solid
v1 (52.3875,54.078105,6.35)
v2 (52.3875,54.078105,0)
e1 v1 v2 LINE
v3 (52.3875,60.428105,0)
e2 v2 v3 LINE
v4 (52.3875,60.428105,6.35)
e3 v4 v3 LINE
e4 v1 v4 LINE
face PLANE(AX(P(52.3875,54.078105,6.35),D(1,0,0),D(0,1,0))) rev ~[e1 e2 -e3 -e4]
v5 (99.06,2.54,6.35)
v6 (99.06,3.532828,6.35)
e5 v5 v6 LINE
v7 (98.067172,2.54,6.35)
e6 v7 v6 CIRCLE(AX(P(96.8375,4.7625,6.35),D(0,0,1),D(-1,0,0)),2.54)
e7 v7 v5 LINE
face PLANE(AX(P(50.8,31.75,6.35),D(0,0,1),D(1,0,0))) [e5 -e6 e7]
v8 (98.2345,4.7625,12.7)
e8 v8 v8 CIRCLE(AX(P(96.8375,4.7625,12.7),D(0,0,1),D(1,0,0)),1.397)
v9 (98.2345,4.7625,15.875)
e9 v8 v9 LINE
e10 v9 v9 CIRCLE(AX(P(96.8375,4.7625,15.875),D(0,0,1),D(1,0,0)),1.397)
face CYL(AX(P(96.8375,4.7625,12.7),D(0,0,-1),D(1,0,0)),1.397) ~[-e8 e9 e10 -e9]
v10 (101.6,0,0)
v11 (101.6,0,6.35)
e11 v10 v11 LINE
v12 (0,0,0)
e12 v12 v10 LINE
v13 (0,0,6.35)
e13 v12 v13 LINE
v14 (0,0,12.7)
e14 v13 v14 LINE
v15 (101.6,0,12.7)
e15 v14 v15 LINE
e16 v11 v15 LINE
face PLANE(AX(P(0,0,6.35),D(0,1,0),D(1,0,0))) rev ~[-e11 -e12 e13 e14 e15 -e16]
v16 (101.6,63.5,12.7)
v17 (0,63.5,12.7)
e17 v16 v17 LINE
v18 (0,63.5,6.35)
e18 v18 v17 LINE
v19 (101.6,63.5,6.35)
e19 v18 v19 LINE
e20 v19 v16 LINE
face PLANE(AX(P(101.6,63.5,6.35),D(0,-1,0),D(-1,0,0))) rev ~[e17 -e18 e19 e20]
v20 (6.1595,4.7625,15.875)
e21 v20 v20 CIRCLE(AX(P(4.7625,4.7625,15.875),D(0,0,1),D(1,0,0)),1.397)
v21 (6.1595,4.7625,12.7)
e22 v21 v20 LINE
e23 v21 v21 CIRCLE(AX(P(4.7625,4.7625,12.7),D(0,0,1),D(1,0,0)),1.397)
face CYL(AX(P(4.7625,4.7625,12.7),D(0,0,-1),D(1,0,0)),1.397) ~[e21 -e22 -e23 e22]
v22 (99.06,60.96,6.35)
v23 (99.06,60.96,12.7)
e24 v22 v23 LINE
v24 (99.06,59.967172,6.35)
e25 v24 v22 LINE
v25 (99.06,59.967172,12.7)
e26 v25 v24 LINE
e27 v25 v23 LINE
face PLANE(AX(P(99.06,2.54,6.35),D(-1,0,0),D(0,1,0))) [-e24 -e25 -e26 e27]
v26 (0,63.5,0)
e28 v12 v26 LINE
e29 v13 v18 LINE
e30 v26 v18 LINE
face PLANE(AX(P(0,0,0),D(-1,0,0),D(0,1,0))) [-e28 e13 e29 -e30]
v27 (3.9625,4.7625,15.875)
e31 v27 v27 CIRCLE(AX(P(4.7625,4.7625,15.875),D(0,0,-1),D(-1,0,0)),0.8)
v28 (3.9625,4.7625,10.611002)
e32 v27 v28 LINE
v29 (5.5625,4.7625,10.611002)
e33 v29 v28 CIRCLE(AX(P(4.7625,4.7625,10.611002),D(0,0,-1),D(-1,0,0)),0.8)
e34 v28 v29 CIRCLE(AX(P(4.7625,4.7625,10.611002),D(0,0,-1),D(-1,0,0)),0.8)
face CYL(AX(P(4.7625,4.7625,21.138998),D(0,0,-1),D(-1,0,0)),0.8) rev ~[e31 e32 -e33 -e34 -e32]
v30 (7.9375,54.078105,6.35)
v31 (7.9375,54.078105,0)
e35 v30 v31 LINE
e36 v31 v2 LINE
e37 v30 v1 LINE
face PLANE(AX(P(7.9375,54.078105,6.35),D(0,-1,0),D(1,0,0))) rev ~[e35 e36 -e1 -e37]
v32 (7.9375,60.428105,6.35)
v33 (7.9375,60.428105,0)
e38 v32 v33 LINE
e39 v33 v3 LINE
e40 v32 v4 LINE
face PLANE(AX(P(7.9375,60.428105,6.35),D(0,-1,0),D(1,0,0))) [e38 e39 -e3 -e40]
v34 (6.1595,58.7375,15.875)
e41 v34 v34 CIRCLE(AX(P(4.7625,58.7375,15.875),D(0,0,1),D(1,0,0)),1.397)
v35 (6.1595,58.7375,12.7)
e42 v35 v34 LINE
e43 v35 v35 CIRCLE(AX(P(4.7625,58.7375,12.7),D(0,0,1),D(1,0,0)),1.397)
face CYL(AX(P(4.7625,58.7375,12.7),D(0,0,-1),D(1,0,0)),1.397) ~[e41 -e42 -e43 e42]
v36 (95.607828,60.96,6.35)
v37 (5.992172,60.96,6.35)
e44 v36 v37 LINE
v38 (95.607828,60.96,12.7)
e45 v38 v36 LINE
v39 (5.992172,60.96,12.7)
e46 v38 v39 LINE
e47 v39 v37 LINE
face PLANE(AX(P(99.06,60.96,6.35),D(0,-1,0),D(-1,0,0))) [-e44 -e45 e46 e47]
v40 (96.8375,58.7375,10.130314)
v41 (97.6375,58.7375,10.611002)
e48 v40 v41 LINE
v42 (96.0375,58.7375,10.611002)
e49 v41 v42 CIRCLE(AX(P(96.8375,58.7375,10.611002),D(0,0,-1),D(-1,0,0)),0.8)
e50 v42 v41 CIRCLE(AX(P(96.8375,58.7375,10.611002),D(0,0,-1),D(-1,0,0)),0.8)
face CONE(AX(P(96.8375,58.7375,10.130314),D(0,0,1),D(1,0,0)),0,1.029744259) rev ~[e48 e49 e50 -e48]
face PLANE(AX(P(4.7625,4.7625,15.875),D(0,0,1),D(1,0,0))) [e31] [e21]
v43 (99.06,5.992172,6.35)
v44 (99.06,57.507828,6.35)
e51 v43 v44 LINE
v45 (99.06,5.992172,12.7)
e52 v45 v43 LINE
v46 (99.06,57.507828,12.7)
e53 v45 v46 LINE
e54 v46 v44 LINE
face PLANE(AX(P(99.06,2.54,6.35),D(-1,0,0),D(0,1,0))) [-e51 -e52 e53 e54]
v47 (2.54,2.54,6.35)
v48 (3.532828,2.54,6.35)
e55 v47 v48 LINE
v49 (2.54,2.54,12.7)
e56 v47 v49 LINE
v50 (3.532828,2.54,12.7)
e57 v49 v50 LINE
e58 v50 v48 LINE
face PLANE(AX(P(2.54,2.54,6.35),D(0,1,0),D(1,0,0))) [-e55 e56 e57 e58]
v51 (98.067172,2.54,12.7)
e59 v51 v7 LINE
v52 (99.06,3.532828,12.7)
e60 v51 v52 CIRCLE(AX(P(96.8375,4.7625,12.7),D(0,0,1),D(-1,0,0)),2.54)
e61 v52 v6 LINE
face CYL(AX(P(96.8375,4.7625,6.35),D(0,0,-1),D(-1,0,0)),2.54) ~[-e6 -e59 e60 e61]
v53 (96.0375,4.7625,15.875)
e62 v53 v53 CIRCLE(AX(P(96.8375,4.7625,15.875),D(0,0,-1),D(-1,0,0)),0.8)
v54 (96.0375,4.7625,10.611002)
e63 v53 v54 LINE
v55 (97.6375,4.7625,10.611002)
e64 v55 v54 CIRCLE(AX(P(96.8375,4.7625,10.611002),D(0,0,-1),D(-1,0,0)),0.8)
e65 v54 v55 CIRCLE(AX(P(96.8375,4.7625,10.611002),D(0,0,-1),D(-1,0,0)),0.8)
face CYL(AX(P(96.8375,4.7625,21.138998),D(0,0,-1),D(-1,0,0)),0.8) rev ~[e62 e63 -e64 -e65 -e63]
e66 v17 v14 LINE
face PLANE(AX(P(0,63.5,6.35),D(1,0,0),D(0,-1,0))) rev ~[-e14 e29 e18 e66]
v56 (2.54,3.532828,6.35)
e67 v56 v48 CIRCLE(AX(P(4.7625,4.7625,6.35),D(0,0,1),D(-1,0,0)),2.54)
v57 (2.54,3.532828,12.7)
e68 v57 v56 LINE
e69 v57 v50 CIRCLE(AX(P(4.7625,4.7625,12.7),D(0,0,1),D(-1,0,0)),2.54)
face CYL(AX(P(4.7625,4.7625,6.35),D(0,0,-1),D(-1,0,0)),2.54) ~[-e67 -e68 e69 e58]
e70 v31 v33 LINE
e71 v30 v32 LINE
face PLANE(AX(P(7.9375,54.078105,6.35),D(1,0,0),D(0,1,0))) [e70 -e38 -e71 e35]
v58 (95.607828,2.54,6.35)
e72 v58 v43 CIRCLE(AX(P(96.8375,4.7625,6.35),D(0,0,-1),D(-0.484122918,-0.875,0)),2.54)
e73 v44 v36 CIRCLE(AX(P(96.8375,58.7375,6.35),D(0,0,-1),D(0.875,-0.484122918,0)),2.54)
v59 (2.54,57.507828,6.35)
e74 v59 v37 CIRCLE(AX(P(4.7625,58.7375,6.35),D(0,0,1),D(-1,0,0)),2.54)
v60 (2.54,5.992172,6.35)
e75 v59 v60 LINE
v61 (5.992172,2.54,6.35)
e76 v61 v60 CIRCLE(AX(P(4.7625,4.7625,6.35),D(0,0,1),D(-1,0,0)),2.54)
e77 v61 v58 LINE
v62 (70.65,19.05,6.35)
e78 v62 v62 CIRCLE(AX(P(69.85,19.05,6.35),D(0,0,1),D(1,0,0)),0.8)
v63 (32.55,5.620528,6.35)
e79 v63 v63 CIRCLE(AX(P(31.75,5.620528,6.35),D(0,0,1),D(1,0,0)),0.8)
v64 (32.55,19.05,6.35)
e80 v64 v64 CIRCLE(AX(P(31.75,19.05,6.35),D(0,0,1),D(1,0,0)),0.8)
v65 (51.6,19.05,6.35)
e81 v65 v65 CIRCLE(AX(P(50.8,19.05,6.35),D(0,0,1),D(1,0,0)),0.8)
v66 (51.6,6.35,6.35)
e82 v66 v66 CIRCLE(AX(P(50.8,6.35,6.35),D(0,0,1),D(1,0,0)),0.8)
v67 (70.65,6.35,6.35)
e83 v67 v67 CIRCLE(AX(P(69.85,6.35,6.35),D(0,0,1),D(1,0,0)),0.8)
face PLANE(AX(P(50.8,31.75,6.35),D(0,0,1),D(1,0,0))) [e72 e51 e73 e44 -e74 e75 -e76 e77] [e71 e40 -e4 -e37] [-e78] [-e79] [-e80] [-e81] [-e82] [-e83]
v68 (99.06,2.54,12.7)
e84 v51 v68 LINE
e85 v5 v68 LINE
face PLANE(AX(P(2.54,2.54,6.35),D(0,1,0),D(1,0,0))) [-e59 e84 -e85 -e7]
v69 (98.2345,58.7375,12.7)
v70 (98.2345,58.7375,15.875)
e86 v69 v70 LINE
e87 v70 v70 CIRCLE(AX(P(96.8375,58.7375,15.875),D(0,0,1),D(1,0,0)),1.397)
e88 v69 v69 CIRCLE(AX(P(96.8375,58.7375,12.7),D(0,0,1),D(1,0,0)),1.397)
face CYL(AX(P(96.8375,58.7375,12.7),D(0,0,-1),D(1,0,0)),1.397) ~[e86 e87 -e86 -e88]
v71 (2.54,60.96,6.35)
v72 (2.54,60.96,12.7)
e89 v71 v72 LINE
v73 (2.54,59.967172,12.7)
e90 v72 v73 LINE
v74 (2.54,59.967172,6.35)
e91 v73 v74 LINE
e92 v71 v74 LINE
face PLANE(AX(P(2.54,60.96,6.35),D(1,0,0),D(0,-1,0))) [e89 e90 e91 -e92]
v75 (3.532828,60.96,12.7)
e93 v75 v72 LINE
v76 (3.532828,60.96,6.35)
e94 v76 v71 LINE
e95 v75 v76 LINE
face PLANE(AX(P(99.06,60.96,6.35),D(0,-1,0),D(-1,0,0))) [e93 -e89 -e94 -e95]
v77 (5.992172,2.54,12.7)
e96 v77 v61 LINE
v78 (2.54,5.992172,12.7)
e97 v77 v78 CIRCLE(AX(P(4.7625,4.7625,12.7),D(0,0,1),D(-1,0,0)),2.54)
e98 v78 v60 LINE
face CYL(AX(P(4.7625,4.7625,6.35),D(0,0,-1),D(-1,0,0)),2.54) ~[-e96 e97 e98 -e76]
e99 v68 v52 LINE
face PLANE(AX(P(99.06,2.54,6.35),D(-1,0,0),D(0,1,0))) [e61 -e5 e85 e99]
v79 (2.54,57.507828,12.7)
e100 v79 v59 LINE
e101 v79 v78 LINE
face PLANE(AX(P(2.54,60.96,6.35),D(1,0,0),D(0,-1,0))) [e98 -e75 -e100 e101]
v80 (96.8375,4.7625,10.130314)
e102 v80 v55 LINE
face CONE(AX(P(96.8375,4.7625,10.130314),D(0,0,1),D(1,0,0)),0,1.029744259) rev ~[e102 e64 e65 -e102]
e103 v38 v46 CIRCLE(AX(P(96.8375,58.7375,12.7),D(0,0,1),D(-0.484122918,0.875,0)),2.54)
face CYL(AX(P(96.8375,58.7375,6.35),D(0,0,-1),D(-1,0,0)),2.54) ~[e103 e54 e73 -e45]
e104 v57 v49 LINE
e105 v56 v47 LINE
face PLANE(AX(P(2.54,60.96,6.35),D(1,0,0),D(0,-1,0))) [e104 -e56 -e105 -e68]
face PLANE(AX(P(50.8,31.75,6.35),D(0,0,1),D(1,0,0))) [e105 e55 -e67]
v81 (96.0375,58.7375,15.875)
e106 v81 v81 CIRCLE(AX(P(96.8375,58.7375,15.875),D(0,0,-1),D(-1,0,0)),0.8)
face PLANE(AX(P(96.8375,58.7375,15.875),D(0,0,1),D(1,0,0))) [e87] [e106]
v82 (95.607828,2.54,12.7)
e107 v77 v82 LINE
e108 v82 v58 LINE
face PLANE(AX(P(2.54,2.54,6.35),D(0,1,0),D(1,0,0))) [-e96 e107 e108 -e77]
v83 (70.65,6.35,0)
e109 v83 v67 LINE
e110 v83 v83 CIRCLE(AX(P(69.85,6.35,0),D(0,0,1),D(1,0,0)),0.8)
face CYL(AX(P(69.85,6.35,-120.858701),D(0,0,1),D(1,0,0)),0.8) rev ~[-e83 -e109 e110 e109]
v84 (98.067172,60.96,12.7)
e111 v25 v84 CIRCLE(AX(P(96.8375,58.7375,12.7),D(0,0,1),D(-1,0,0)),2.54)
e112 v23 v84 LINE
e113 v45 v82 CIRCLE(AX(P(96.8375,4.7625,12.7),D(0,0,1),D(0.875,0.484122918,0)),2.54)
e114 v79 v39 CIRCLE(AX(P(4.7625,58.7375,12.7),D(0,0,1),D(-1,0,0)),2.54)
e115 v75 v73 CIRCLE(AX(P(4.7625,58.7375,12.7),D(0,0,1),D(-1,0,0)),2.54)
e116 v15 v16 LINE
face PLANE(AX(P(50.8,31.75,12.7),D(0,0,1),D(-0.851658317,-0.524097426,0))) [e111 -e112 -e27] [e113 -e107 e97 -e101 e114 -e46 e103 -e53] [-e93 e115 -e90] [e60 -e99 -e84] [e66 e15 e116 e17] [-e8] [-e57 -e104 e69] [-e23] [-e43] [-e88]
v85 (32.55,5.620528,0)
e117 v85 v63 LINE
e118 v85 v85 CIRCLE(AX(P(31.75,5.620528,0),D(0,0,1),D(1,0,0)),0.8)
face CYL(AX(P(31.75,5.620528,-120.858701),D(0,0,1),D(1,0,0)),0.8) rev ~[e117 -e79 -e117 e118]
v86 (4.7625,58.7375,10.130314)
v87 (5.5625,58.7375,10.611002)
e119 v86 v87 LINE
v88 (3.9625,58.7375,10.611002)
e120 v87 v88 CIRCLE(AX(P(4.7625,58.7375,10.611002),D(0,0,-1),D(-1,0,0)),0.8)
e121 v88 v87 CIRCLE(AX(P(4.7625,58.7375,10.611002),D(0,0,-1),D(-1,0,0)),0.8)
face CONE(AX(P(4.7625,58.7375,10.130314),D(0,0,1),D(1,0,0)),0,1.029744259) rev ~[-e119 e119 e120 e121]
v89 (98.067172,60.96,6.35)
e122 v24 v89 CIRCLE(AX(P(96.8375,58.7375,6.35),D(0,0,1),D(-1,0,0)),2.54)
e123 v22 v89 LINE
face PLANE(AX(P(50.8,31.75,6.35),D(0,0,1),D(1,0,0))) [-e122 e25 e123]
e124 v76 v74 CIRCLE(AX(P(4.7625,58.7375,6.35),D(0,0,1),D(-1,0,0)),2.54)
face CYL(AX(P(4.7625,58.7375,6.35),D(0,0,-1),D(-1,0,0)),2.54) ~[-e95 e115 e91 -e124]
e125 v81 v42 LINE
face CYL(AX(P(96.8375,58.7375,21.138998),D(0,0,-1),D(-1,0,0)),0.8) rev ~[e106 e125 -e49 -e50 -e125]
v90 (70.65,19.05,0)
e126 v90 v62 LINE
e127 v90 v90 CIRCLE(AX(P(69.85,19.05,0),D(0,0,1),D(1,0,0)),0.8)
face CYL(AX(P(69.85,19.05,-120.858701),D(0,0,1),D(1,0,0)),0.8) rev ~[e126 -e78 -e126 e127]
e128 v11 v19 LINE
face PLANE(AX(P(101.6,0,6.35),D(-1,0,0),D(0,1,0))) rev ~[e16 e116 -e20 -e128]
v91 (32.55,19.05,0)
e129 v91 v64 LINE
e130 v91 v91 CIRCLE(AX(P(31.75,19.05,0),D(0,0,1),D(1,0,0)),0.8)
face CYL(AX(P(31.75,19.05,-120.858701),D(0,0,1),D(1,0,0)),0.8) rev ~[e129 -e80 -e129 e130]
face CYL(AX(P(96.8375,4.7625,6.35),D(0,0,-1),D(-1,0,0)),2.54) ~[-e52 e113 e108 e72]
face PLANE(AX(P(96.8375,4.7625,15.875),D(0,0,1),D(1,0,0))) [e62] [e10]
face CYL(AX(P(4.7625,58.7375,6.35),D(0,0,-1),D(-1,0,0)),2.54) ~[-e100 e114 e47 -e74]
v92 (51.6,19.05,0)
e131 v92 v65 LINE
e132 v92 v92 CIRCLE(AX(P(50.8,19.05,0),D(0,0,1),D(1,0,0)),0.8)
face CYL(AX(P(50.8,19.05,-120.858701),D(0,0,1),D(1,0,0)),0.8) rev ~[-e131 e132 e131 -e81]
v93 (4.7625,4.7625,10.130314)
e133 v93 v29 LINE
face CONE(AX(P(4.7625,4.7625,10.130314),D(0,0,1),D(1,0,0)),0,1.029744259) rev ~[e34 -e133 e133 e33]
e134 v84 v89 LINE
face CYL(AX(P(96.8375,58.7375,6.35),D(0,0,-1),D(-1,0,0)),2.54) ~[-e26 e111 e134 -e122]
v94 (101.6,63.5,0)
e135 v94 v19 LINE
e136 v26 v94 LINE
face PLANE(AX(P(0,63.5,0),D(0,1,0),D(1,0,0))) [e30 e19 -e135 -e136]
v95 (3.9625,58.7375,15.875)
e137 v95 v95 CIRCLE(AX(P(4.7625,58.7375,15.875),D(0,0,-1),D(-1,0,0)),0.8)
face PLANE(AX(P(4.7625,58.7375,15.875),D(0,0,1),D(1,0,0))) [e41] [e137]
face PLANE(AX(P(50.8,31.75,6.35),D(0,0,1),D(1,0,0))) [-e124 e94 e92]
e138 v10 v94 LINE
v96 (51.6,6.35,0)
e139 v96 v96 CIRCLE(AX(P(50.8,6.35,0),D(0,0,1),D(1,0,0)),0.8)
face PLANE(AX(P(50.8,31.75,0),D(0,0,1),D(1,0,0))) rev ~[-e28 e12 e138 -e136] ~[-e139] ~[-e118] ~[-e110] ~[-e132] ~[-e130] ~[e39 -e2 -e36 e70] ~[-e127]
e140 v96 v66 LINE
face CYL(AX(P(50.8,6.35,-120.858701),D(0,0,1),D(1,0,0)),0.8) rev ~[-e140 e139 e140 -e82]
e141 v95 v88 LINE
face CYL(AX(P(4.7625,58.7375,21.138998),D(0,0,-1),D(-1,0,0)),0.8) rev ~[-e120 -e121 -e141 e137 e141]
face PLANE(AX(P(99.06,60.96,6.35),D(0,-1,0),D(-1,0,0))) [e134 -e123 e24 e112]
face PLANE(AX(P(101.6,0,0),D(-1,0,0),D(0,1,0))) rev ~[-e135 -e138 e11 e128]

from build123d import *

# Parameters (mm, degrees)
SKETCH2_W                 = 101.6
SKETCH2_H                 = 63.5
BOSS_EXTRUDE1_DEPTH       = 6.35
SKETCH3_R                 = 2.54
BOSS_EXTRUDE2_DEPTH       = 6.35
SKETCH4_R                 = 1.397
BOSS_EXTRUDE3_DEPTH       = 3.175
M2X0_4_TAPPED_HOLE1_D     = 1.6
M2X0_4_TAPPED_HOLE1_DEPTH = 5.2639976
M2X0_4_TAPPED_HOLE1_TIP   = 0.480688495
SKETCH8_W                 = 44.45
SKETCH8_H                 = 6.35
CUT_EXTRUDE1_DEPTH        = 8.255
BOSS_EXTRUDE5_DEPTH       = 6.35
M2X0_4_TAPPED_HOLE2_D     = 1.6


with BuildPart() as part:
    # Sketch2 → Boss-Extrude1 (new body)
    with BuildSketch(Plane.XY):
        with Locations((50.8, 31.75)):
            Rectangle(SKETCH2_W, SKETCH2_H)
    extrude(amount=BOSS_EXTRUDE1_DEPTH)

    # Sketch3 → Boss-Extrude2 (add)
    with BuildSketch(Plane.XY.offset(6.35)):
        with Locations(Location((4.7625, 4.7625, 0), (0, 0, 180))):
            Circle(SKETCH3_R)
        with Locations(Location((96.8375, 4.7625, 0), (0, 0, 180))):
            Circle(SKETCH3_R)
        with Locations(Location((96.8375, 58.7375, 0), (0, 0, 180))):
            Circle(SKETCH3_R)
        with Locations(Location((4.7625, 58.7375, 0), (0, 0, 180))):
            Circle(SKETCH3_R)
    extrude(amount=BOSS_EXTRUDE2_DEPTH)

    # Sketch4 → Boss-Extrude3 (add)
    with BuildSketch(Plane.XY.offset(12.7)):
        with Locations((4.7625, 58.7375)):
            Circle(SKETCH4_R)
        with Locations((4.7625, 4.7625)):
            Circle(SKETCH4_R)
        with Locations((96.8375, 58.7375)):
            Circle(SKETCH4_R)
        with Locations((96.8375, 4.7625)):
            Circle(SKETCH4_R)
    extrude(amount=BOSS_EXTRUDE3_DEPTH)

    # M2x0.4 Tapped Hole1
    with Locations(Plane.XY.offset(15.875)):
        with Locations((4.7625, 58.7375), (4.7625, 4.7625), (96.8375, 58.7375), (96.8375, 4.7625)):
            Hole(M2X0_4_TAPPED_HOLE1_D / 2, depth=M2X0_4_TAPPED_HOLE1_DEPTH)
            with Locations((0, 0, -(M2X0_4_TAPPED_HOLE1_DEPTH + M2X0_4_TAPPED_HOLE1_TIP / 2))):  # 118° drill point
                Cone(0, M2X0_4_TAPPED_HOLE1_D / 2, M2X0_4_TAPPED_HOLE1_TIP, mode=Mode.SUBTRACT)

    # Sketch8 → Cut-Extrude1 (cut)
    with BuildSketch(Plane.XY.offset(6.35)):
        with Locations((30.1625, 57.253105079)):
            Rectangle(SKETCH8_W, SKETCH8_H)
    extrude(amount=-CUT_EXTRUDE1_DEPTH, mode=Mode.SUBTRACT)

    # 3DSketch1 → Boss-Extrude5 (add)
    with BuildSketch(Plane(origin=(2.54, 2.54, 6.35), x_dir=(0.851658316704544, 0.5240974256643347, 0), z_dir=(0, 0, -1))):
        Polygon((83.034065392, 54.080303111), (116.314251921, 0), (29.785766944, -53.248298447), (-3.494419586, 0.832004663), align=None)
        Polygon((0, 0), (82.202060728, 50.585883525), (112.819832336, 0.832004663), (30.617771607, -49.753878862), align=None, mode=Mode.SUBTRACT)
    extrude(amount=-BOSS_EXTRUDE5_DEPTH)

    # M2x0.4 Tapped Hole2 (through all)
    with Locations(Plane(origin=(0, 0, 0), x_dir=(-1, 0, 0), z_dir=(0, 0, -1))):
        with Locations((-69.85, 19.05), (-50.8, 19.05), (-31.75, 19.05), (-69.85, 6.35), (-50.8, 6.35), (-31.75, 5.62052836)):
            Hole(M2X0_4_TAPPED_HOLE2_D / 2)


solid = part.part
